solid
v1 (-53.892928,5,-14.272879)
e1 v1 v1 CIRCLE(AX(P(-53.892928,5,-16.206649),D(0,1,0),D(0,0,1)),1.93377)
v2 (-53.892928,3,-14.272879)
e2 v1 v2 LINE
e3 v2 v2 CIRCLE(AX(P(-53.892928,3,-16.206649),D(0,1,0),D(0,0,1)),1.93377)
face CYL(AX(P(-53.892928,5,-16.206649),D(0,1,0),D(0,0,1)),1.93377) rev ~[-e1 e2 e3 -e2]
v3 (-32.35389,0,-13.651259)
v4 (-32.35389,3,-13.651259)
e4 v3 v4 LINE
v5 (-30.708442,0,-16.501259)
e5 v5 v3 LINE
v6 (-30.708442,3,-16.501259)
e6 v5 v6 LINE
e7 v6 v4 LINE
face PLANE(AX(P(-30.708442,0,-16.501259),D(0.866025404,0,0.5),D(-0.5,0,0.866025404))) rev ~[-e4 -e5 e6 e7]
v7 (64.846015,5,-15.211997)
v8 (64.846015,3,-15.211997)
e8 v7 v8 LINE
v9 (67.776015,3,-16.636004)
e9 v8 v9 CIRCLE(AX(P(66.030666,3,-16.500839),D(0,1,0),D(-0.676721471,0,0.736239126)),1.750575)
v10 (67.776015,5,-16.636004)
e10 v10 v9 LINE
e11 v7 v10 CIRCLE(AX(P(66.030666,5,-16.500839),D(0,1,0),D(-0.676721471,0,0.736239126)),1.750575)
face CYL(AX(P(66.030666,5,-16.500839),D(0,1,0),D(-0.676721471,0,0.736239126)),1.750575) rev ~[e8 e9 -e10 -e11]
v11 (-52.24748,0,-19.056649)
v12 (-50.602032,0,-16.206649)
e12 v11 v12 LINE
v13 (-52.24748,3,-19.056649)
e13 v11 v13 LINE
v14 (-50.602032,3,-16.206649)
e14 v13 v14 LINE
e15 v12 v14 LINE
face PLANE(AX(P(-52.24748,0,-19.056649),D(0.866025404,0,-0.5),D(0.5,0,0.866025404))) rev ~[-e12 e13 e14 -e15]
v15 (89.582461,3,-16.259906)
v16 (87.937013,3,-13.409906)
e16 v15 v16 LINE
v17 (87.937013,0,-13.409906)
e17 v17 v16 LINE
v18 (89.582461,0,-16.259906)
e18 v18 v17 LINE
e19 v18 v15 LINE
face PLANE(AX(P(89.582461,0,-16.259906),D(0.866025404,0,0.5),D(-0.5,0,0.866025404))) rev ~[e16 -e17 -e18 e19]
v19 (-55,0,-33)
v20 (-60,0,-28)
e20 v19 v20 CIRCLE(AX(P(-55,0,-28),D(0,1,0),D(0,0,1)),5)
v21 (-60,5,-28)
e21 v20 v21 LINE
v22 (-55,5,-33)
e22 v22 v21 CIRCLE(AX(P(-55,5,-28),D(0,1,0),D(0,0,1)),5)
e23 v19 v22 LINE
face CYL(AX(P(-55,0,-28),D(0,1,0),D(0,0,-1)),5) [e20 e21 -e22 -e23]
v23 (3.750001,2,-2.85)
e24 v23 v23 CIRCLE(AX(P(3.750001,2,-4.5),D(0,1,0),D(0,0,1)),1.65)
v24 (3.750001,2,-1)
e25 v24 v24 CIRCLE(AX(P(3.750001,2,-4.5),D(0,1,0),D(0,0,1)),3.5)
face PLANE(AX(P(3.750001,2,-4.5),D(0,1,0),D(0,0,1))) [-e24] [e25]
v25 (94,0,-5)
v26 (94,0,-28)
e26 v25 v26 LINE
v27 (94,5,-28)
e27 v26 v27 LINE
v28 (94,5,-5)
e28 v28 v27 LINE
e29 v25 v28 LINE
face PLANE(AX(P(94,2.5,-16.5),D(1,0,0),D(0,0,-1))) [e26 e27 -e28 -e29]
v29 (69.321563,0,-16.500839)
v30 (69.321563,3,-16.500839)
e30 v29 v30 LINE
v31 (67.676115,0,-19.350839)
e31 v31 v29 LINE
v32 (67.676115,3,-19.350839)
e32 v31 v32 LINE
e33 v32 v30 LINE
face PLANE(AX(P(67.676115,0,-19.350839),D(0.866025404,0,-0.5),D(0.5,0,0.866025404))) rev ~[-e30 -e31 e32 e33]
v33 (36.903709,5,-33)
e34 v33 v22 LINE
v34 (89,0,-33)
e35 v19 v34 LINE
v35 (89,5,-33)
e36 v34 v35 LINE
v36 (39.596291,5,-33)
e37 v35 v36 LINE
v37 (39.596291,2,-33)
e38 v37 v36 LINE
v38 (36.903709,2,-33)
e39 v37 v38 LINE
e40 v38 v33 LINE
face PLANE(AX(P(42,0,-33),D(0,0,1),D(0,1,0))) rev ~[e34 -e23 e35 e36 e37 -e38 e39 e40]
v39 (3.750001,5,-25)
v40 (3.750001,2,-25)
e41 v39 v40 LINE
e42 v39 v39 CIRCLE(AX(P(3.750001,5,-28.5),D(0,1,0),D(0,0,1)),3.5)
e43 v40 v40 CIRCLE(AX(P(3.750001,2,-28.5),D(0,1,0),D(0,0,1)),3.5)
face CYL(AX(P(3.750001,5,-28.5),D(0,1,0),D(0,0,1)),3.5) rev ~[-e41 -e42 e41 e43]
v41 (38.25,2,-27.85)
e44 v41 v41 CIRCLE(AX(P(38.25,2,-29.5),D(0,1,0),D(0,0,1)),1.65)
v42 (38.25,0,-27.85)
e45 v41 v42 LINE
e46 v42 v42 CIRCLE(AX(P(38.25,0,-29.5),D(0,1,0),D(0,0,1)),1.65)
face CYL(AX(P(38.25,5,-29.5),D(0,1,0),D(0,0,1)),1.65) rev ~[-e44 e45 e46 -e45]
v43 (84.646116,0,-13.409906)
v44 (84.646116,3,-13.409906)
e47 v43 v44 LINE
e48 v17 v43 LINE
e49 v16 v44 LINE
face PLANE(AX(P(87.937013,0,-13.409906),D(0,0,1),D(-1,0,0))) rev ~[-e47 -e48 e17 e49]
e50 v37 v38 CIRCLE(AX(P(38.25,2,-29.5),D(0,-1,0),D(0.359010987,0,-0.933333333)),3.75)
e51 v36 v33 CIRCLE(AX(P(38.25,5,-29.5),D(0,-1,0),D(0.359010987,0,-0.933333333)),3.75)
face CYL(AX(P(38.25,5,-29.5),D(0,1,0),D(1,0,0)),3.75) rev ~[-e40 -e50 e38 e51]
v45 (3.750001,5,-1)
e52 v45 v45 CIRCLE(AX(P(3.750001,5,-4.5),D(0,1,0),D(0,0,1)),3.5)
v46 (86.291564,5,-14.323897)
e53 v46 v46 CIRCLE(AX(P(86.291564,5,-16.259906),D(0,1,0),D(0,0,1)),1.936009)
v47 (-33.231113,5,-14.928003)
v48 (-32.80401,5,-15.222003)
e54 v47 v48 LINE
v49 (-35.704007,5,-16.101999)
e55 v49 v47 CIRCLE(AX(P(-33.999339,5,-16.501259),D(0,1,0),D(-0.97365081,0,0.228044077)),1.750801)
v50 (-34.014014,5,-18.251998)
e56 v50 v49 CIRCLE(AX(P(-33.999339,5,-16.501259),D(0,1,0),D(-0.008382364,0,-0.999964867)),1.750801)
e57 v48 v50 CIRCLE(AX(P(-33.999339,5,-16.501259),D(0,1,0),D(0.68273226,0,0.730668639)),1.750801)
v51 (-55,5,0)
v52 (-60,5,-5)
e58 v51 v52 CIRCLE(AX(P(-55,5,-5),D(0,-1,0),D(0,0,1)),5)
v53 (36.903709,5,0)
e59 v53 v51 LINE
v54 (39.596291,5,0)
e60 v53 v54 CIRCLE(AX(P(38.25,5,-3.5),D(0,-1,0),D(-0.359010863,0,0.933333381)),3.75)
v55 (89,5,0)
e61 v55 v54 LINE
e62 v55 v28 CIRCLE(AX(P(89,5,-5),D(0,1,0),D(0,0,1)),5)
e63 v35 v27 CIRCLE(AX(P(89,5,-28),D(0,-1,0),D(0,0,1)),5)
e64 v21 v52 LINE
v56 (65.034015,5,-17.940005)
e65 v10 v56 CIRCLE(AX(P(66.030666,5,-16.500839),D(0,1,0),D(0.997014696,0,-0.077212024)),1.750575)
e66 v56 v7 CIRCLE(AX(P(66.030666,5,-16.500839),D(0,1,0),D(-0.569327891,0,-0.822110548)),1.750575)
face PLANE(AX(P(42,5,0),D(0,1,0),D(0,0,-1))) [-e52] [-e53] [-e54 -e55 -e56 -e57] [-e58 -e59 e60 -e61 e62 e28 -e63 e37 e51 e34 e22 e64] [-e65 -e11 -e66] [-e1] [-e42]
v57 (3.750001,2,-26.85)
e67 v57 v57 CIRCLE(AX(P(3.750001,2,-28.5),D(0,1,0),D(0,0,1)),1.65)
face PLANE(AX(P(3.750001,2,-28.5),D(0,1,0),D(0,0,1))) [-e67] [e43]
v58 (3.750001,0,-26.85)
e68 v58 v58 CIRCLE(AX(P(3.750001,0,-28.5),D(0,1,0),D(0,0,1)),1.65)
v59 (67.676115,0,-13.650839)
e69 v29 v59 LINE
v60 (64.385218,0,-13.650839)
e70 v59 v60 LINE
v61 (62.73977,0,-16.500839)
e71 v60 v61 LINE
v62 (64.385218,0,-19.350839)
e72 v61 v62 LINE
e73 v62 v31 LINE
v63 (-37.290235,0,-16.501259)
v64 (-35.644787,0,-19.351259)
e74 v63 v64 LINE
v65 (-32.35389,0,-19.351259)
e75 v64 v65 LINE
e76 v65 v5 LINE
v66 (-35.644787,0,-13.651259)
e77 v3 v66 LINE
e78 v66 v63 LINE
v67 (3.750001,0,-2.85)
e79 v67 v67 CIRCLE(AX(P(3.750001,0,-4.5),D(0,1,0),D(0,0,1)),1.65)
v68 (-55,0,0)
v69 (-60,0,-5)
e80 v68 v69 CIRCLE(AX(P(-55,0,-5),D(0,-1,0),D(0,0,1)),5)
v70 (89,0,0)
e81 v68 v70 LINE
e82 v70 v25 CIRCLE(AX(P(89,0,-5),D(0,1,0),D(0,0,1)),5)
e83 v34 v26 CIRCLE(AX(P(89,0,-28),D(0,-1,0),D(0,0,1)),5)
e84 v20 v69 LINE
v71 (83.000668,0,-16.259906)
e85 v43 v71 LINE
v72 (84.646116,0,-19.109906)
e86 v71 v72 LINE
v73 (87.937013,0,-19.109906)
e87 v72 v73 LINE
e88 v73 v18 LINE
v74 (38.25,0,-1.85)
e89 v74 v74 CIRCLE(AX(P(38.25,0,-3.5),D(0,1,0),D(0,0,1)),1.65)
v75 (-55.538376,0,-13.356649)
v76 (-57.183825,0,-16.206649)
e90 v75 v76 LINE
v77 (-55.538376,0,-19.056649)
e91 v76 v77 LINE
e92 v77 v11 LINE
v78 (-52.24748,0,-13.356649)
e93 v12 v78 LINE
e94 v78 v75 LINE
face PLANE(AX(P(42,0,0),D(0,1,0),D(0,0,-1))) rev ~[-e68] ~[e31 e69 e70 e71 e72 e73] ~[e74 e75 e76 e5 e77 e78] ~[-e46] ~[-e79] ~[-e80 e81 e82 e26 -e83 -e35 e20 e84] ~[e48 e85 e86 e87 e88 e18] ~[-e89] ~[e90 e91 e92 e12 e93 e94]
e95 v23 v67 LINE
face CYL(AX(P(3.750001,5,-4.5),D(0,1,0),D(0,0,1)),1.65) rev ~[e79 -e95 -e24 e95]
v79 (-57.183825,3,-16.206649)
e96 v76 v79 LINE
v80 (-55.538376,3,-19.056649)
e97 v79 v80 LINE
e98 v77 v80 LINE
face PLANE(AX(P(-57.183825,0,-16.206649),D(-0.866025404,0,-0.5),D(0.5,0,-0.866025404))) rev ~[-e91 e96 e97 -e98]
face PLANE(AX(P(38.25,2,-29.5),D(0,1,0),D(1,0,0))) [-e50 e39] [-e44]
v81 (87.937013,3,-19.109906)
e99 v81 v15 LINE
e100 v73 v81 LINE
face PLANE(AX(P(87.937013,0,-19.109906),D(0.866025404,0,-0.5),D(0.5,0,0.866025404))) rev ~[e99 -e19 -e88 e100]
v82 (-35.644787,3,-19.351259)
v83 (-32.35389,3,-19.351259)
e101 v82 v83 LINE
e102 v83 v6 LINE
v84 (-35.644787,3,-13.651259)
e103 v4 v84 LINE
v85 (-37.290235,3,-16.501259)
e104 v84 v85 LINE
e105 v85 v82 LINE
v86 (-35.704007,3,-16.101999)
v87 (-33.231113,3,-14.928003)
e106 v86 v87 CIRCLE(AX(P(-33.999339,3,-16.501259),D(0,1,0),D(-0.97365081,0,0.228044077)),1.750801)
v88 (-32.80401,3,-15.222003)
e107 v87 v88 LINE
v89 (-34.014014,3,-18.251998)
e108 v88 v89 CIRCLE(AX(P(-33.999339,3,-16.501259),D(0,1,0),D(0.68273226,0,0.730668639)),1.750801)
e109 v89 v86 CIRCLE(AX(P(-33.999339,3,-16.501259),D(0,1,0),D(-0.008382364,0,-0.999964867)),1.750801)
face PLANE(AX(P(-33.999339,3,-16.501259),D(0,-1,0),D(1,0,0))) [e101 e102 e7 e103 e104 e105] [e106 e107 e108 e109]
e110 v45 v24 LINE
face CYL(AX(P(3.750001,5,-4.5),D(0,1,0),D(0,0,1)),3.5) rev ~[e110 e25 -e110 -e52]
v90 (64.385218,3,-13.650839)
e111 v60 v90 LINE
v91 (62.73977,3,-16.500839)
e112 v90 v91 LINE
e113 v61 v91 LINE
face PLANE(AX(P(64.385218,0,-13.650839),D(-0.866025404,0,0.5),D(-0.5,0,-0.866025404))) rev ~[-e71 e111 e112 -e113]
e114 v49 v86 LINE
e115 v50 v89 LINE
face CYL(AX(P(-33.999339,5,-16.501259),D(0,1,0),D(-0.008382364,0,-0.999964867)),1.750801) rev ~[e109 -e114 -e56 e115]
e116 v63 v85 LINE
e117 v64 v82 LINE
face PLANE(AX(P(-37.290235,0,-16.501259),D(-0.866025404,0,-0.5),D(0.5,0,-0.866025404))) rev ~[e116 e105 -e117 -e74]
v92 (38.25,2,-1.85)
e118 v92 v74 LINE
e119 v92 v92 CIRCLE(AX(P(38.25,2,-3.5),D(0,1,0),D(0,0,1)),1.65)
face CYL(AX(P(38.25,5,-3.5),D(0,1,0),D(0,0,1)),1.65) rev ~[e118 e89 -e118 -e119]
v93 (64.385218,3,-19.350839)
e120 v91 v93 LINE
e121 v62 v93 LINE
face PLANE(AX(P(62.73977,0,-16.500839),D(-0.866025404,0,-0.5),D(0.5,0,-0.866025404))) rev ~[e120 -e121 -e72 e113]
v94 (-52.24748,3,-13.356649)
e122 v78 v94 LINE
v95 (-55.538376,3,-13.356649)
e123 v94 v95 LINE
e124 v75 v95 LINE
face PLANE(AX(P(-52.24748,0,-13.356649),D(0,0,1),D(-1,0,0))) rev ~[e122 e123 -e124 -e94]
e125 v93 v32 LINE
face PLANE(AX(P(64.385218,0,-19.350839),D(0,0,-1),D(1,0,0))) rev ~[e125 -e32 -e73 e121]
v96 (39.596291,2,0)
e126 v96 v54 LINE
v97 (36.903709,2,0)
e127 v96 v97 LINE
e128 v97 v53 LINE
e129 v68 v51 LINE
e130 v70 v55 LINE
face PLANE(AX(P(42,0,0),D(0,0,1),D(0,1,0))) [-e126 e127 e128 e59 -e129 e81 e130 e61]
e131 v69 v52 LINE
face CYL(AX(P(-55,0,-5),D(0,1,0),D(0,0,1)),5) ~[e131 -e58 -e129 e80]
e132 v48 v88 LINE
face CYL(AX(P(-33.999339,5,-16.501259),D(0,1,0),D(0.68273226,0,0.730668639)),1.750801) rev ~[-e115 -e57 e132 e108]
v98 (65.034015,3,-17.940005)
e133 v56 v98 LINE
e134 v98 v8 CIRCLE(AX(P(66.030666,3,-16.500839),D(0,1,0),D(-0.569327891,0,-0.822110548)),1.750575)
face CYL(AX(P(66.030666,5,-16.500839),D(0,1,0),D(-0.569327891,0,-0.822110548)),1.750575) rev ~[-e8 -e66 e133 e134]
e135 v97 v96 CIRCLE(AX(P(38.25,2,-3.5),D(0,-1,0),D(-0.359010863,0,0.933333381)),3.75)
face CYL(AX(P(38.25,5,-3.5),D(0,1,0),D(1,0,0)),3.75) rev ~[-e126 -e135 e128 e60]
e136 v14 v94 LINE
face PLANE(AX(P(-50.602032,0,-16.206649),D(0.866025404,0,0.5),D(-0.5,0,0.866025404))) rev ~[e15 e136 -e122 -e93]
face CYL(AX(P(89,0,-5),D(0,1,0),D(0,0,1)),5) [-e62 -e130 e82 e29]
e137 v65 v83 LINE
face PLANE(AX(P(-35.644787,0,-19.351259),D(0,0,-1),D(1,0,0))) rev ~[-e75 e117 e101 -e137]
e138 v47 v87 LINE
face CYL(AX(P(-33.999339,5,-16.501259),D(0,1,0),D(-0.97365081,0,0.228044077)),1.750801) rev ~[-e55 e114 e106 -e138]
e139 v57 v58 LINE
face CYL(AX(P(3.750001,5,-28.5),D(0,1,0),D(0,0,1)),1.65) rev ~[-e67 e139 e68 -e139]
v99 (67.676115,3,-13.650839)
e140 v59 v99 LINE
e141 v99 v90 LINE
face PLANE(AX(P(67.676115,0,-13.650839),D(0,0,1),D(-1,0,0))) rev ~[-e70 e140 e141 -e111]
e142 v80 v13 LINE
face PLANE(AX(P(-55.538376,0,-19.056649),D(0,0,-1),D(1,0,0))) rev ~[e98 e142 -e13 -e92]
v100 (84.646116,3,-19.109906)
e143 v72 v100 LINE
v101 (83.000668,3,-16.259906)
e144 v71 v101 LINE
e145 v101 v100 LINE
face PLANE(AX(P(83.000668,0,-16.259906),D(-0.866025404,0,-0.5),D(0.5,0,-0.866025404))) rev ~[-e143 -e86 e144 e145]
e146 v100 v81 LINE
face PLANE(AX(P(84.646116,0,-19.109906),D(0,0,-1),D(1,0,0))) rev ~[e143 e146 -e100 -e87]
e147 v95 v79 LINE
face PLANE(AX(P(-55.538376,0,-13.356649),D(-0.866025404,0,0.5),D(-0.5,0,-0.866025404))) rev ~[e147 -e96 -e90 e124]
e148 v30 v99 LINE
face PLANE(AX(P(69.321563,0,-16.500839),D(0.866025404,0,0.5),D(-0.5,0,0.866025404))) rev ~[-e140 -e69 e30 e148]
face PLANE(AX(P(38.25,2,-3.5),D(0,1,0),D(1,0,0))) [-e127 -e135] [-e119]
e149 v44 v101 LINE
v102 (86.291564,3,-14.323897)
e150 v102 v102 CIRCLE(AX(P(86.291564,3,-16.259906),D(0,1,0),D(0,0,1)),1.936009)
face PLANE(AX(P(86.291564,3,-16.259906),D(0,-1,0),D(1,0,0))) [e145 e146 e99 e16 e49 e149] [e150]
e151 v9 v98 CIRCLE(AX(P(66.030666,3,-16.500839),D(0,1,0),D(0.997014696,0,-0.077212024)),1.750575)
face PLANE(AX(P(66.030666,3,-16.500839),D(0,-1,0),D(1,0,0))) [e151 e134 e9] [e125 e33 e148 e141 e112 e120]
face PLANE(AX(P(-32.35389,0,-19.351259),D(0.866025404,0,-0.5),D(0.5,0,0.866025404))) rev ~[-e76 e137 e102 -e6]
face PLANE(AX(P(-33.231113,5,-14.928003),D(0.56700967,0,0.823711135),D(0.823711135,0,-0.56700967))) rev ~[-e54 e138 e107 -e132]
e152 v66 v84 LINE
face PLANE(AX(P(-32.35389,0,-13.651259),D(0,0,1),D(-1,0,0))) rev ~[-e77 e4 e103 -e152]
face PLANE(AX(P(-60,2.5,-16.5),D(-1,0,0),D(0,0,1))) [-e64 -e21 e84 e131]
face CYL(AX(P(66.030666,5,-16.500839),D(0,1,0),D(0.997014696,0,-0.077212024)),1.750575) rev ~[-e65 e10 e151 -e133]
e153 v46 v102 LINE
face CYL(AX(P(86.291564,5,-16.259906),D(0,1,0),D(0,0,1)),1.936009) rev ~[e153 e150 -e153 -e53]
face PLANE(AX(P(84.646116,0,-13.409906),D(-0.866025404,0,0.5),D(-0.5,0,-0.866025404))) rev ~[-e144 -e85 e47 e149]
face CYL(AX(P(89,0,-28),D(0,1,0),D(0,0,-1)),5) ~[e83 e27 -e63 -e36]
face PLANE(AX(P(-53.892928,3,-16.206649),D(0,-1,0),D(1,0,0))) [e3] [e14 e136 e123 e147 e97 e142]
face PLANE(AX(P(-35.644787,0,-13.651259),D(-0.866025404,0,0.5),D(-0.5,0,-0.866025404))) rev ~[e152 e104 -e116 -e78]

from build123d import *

# Parameters (mm, degrees)
SKETCH1_W           = 42
SKETCH1_H           = 33
BOSS_EXTRUDE1_DEPTH = 5
SKETCH2_W           = 33
SKETCH2_H           = 5
BOSS_EXTRUDE2_DEPTH = 60
SKETCH3_W           = 33
SKETCH3_H           = 5
BOSS_EXTRUDE3_DEPTH = 52
FILLET1_R           = 5
SKETCH6_R           = 1.933769561
SKETCH6_R_2         = 1.936009006
CUT_EXTRUDE1_DEPTH  = 55
SKETCH7_R           = 3.5
SKETCH7_R_2         = 1.65
SKETCH7_R_3         = 3.75
CUT_EXTRUDE6_DEPTH  = 3
SKETCH8_R           = 1.65
CUT_EXTRUDE7_DEPTH  = 9
CUT_EXTRUDE8_DEPTH  = 3


with BuildPart() as part:
    # Sketch1 → Boss-Extrude1 (new body)
    with BuildSketch(Plane(origin=(0, 0, 0), x_dir=(1, 0, 0), z_dir=(0, 1, 0))):
        with Locations((21, 16.5)):
            Rectangle(SKETCH1_W, SKETCH1_H)
    extrude(amount=BOSS_EXTRUDE1_DEPTH)

    # Sketch2 → Boss-Extrude2 (add)
    with BuildSketch(Plane.ZY):
        with Locations((-16.5, 2.5)):
            Rectangle(SKETCH2_W, SKETCH2_H)
    extrude(amount=BOSS_EXTRUDE2_DEPTH)

    # Sketch3 → Boss-Extrude3 (add)
    with BuildSketch(Plane(origin=(42, 0, 0), x_dir=(0, 0, -1), z_dir=(1, 0, 0))):
        with Locations((16.5, 2.5)):
            Rectangle(SKETCH3_W, SKETCH3_H)
    extrude(amount=BOSS_EXTRUDE3_DEPTH)

    # Fillet1
    fillet1_edges = [part.edges().sort_by_distance(p)[0] for p in [
        (-60, 2.5, -33),
        (94, 2.5, -33),
        (94, 2.5, 0),
        (-60, 2.5, 0),
    ]]
    fillet(fillet1_edges, radius=FILLET1_R)

    # Sketch6 → Cut-Extrude1 (cut)
    with BuildSketch(Plane(origin=(0, 5, 0), x_dir=(1, 0, 0), z_dir=(0, 1, 0))):
        with Locations((-53.892928071, 16.206648626)):
            Circle(SKETCH6_R)
        with BuildLine():
            Line((-33.231112903, 14.928003086), (-32.804010339, 15.222003341))
            ThreePointArc((-32.804010339, 15.222003341), (-32.373392107, 17.150567334), (-34.01401443, 18.251998007))
            ThreePointArc((-34.01401443, 18.251998007), (-35.37580525, 17.583221312), (-35.704007275, 16.101998866))
            ThreePointArc((-35.704007275, 16.101998866), (-34.750203351, 14.919643697), (-33.231112903, 14.928003086))
        make_face()
        with BuildLine():
            ThreePointArc((64.846014701, 15.211997211), (66.795875027, 14.926365069), (67.776015126, 16.636004329))
            ThreePointArc((67.776015126, 16.636004329), (66.782491719, 18.081747119), (65.034015201, 17.940004945))
            ThreePointArc((65.034015201, 17.940004945), (64.284233669, 16.621194208), (64.846014701, 15.211997211))
        make_face()
        with Locations((86.291564463, 16.259906017)):
            Circle(SKETCH6_R_2)
    extrude(amount=-CUT_EXTRUDE1_DEPTH, mode=Mode.SUBTRACT)

    # Sketch7 → Cut-Extrude6 (cut)
    # profile 1 of 4: a face of its own
    with BuildSketch(Plane(origin=(0, 5, 0), x_dir=(1, 0, 0), z_dir=(0, 1, 0))):
        with Locations((3.750000566, 28.5)):
            Circle(SKETCH7_R)
        with Locations((3.750000566, 28.5)):
            Circle(SKETCH7_R_2, mode=Mode.SUBTRACT)
    # profile 2 of 4: a face of its own
    with BuildSketch(Plane(origin=(0, 5, 0), x_dir=(1, 0, 0), z_dir=(0, 1, 0))):
        with Locations((3.750000566, 4.500000179)):
            Circle(SKETCH7_R)
        with Locations((3.750000566, 4.500000179)):
            Circle(SKETCH7_R_2, mode=Mode.SUBTRACT)
    # profile 3 of 4: a face of its own
    with BuildSketch(Plane(origin=(0, 5, 0), x_dir=(1, 0, 0), z_dir=(0, 1, 0))):
        with Locations((38.25, 3.500000179)):
            Circle(SKETCH7_R_3)
        with Locations((38.25, 3.500000179)):
            Circle(SKETCH7_R_2, mode=Mode.SUBTRACT)
    # profile 4 of 4: a face of its own
    with BuildSketch(Plane(origin=(0, 5, 0), x_dir=(1, 0, 0), z_dir=(0, 1, 0))):
        with Locations((38.25, 29.5)):
            Circle(SKETCH7_R_3)
        with Locations((38.25, 29.5)):
            Circle(SKETCH7_R_2, mode=Mode.SUBTRACT)
    extrude(amount=-CUT_EXTRUDE6_DEPTH, mode=Mode.SUBTRACT)

    # Sketch8 → Cut-Extrude7 (cut)
    with BuildSketch(Plane(origin=(0, 5, 0), x_dir=(1, 0, 0), z_dir=(0, 1, 0))):
        with Locations((38.25, 3.500000179)):
            Circle(SKETCH8_R)
        with Locations((3.750000566, 28.5)):
            Circle(SKETCH8_R)
        with Locations((3.750000566, 4.500000179)):
            Circle(SKETCH8_R)
        with Locations((38.25, 29.5)):
            Circle(SKETCH8_R)
    extrude(amount=-CUT_EXTRUDE7_DEPTH, mode=Mode.SUBTRACT)

    # Sketch9 → Cut-Extrude8 (cut)
    with BuildSketch(Plane.XZ):
        Polygon((-50.602031537, -16.206648626), (-52.247479804, -13.356648626), (-55.538376338, -13.356648626), (-57.183824606, -16.206648626), (-55.538376338, -19.056648626), (-52.247479804, -19.056648626), align=None)
        Polygon((-30.708442047, -16.501258638), (-32.353890314, -13.651258638), (-35.644786848, -13.651258638), (-37.290235116, -16.501258638), (-35.644786848, -19.351258638), (-32.353890314, -19.351258638), align=None)
        Polygon((69.321562817, -16.500838902), (67.67611455, -13.650838902), (64.385218016, -13.650838902), (62.739769748, -16.500838902), (64.385218016, -19.350838902), (67.67611455, -19.350838902), align=None)
        Polygon((89.582460998, -16.259906017), (87.93701273, -13.409906017), (84.646116196, -13.409906017), (83.000667929, -16.259906017), (84.646116196, -19.109906017), (87.93701273, -19.109906017), align=None)
    extrude(amount=-CUT_EXTRUDE8_DEPTH, mode=Mode.SUBTRACT)


solid = part.part
